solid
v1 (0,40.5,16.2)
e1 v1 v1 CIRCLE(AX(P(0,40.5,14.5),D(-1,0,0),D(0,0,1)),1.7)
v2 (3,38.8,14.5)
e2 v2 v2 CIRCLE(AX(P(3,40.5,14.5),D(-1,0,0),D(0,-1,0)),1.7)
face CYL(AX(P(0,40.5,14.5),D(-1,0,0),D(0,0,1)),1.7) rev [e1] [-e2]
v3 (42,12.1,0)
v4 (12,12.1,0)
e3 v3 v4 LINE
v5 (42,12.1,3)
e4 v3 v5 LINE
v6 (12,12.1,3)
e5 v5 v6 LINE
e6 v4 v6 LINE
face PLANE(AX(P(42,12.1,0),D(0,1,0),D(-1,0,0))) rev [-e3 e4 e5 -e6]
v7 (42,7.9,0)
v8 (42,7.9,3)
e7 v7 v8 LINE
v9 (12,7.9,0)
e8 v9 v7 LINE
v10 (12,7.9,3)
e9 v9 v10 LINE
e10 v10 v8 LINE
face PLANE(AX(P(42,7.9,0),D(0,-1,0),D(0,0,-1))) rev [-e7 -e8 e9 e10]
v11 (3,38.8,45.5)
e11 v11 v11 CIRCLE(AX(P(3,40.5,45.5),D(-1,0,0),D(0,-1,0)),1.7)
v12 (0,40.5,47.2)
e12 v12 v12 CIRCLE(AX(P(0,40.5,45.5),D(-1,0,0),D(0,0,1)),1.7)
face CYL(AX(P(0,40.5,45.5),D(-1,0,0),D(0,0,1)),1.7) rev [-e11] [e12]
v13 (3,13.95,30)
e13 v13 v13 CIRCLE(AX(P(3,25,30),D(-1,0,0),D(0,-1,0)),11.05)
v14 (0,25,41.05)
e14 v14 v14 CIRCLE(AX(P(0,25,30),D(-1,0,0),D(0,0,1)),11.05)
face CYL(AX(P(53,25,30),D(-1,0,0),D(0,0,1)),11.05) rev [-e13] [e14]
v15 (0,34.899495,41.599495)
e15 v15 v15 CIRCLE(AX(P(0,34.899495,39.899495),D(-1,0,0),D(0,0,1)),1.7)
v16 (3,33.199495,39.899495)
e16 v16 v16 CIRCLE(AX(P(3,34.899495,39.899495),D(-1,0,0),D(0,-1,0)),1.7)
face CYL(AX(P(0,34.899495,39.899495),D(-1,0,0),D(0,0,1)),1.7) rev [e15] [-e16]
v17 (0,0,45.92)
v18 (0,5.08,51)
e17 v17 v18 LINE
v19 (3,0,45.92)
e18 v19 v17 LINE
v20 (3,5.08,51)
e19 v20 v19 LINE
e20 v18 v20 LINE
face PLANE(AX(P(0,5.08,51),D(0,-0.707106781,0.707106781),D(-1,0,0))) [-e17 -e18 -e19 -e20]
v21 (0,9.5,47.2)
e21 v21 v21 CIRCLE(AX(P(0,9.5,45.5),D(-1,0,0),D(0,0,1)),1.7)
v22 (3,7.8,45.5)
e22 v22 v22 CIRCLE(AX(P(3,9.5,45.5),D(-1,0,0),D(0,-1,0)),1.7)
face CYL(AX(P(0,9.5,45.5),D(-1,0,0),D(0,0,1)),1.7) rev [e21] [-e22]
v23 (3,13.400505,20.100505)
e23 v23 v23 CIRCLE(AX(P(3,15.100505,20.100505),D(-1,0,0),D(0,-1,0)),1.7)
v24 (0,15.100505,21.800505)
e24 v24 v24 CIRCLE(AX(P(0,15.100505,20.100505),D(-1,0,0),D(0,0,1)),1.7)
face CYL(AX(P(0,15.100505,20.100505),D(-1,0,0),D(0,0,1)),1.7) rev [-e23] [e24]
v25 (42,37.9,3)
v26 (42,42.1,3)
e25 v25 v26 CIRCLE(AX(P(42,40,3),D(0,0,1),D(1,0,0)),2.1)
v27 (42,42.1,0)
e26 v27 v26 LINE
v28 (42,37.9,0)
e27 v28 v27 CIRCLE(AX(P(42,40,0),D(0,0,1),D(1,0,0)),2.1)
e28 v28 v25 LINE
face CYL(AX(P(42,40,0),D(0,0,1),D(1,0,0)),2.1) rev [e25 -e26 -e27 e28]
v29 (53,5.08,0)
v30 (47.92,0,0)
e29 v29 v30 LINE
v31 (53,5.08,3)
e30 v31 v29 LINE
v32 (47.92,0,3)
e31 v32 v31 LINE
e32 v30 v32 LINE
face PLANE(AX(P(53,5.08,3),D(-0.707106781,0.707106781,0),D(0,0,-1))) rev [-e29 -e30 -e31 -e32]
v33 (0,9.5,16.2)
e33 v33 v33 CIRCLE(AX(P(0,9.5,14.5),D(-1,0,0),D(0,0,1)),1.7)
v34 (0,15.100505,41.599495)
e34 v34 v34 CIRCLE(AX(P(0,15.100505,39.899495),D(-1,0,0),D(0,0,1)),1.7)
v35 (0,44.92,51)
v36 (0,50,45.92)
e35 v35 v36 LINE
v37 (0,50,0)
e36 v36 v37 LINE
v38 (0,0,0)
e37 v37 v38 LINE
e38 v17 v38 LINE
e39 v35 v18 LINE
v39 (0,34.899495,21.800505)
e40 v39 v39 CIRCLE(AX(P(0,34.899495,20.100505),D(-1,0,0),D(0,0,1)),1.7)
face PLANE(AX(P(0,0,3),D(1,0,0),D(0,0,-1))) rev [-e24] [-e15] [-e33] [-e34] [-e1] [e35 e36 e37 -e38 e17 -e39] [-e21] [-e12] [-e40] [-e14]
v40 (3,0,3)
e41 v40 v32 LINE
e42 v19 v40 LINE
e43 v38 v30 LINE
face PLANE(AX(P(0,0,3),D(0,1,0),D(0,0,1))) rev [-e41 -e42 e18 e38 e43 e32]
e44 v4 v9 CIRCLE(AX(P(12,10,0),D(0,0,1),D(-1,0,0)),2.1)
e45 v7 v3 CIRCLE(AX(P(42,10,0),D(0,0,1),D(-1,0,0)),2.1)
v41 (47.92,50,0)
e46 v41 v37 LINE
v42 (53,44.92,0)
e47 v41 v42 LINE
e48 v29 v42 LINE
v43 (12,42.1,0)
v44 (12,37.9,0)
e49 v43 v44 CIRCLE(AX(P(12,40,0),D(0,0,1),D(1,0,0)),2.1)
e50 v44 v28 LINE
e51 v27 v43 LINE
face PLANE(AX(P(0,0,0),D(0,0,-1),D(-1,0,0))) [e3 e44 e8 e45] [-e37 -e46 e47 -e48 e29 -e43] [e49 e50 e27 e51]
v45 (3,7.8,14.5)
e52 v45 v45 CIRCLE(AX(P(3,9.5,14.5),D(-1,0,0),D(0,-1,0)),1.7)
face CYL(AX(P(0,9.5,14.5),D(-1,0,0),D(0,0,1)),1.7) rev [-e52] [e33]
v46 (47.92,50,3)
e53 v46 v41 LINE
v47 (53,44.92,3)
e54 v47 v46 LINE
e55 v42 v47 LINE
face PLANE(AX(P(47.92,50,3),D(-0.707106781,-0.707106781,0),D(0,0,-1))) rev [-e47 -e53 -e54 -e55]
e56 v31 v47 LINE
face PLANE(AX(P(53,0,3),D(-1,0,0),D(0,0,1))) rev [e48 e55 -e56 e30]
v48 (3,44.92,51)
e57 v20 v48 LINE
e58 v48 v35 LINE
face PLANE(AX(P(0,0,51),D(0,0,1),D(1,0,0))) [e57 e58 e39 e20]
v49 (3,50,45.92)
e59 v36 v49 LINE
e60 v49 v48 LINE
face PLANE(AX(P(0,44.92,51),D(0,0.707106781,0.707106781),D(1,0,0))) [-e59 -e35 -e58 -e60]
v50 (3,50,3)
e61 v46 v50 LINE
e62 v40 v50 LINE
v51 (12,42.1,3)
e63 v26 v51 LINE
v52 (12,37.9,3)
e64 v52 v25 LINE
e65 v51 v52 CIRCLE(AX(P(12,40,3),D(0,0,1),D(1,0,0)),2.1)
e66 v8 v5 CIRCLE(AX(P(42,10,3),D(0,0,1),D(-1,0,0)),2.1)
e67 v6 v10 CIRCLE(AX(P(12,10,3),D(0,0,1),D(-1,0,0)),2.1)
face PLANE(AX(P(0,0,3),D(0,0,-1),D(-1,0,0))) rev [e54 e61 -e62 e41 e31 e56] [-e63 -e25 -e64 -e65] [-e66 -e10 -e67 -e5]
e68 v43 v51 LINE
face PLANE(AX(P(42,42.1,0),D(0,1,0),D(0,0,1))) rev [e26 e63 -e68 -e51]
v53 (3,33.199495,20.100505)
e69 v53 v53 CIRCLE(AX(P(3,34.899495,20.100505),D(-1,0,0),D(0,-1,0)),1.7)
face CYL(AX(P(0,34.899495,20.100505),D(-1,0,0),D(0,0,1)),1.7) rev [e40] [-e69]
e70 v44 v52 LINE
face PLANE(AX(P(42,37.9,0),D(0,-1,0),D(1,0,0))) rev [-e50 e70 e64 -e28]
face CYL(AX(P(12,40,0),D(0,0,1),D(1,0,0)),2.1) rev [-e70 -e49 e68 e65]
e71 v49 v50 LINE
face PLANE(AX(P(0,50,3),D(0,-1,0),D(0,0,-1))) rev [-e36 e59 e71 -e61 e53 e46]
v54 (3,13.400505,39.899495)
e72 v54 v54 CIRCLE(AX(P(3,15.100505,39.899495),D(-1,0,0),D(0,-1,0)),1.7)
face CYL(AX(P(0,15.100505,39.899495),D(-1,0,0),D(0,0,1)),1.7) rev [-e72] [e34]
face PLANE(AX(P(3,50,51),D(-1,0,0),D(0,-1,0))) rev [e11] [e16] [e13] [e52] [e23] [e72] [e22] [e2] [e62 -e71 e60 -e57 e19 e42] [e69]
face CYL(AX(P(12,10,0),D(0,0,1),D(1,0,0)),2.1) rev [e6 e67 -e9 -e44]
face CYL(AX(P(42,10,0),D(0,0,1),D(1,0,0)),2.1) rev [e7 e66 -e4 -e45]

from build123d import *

# Parameters (mm, degrees)
SKETCH1_W            = 53
SKETCH1_H            = 50
BOSS_EXTRUDE1_DEPTH  = 3
CUT_EXTRUDE1_DEPTH   = 73.924618614
SKETCH3_W            = 3
SKETCH3_H            = 50
BOSS_EXTRUDE2_DEPTH  = 48
SKETCH4_R            = 11.05
CUT_EXTRUDE2_DEPTH   = 89.938180777
M3_CLEARANCE_HOLE1_D = 3.4
M3_CLEARANCE_HOLE2_D = 3.4
CHAMFER1_SIZE        = 5.08


with BuildPart() as part:
    # Sketch1 → Boss-Extrude1 (new body)
    with BuildSketch(Plane.XY):
        with Locations((26.5, 25)):
            Rectangle(SKETCH1_W, SKETCH1_H)
    extrude(amount=BOSS_EXTRUDE1_DEPTH)

    # Sketch2 → Cut-Extrude1 (cut, through all)
    with BuildSketch(Plane.XY.offset(3)):
        with BuildLine():
            Line((42, 37.9), (12, 37.9))
            ThreePointArc((12, 37.9), (9.9, 40), (12, 42.1))
            Line((12, 42.1), (42, 42.1))
            ThreePointArc((42, 42.1), (44.1, 40), (42, 37.9))
        make_face()
        with BuildLine():
            Line((42, 12.1), (12, 12.1))
            ThreePointArc((12, 12.1), (9.9, 10), (12, 7.9))
            Line((12, 7.9), (42, 7.9))
            ThreePointArc((42, 7.9), (44.1, 10), (42, 12.1))
        make_face()
    extrude(amount=-CUT_EXTRUDE1_DEPTH, mode=Mode.SUBTRACT)

    # Sketch3 → Boss-Extrude2 (add)
    with BuildSketch(Plane.XY.offset(3)):
        with Locations((1.5, 25)):
            Rectangle(SKETCH3_W, SKETCH3_H)
    extrude(amount=BOSS_EXTRUDE2_DEPTH)

    # Sketch4 → Cut-Extrude2 (cut, through all)
    with BuildSketch(Plane.ZY):
        with Locations((30, 25)):
            Circle(SKETCH4_R)
    extrude(amount=-CUT_EXTRUDE2_DEPTH, mode=Mode.SUBTRACT)

    # M3 Clearance Hole1 (through all)
    with Locations(Plane.ZY):
        with Locations((45.5, 9.5), (14.5, 40.5), (14.5, 9.5), (45.5, 40.5)):
            Hole(M3_CLEARANCE_HOLE1_D / 2)

    # M3 Clearance Hole2 (through all)
    with Locations(Plane.ZY):
        with Locations((39.899494937, 34.899494937), (39.899494937, 15.100505063), (20.100505063, 34.899494937), (20.100505063, 15.100505063)):
            Hole(M3_CLEARANCE_HOLE2_D / 2)

    # Chamfer1
    chamfer1_edges = [part.edges().sort_by_distance(p)[0] for p in [
        (1.5, 0, 51),
        (1.5, 50, 51),
        (53, 50, 1.5),
        (53, 0, 1.5),
    ]]
    chamfer(chamfer1_edges, length=CHAMFER1_SIZE)


solid = part.part
